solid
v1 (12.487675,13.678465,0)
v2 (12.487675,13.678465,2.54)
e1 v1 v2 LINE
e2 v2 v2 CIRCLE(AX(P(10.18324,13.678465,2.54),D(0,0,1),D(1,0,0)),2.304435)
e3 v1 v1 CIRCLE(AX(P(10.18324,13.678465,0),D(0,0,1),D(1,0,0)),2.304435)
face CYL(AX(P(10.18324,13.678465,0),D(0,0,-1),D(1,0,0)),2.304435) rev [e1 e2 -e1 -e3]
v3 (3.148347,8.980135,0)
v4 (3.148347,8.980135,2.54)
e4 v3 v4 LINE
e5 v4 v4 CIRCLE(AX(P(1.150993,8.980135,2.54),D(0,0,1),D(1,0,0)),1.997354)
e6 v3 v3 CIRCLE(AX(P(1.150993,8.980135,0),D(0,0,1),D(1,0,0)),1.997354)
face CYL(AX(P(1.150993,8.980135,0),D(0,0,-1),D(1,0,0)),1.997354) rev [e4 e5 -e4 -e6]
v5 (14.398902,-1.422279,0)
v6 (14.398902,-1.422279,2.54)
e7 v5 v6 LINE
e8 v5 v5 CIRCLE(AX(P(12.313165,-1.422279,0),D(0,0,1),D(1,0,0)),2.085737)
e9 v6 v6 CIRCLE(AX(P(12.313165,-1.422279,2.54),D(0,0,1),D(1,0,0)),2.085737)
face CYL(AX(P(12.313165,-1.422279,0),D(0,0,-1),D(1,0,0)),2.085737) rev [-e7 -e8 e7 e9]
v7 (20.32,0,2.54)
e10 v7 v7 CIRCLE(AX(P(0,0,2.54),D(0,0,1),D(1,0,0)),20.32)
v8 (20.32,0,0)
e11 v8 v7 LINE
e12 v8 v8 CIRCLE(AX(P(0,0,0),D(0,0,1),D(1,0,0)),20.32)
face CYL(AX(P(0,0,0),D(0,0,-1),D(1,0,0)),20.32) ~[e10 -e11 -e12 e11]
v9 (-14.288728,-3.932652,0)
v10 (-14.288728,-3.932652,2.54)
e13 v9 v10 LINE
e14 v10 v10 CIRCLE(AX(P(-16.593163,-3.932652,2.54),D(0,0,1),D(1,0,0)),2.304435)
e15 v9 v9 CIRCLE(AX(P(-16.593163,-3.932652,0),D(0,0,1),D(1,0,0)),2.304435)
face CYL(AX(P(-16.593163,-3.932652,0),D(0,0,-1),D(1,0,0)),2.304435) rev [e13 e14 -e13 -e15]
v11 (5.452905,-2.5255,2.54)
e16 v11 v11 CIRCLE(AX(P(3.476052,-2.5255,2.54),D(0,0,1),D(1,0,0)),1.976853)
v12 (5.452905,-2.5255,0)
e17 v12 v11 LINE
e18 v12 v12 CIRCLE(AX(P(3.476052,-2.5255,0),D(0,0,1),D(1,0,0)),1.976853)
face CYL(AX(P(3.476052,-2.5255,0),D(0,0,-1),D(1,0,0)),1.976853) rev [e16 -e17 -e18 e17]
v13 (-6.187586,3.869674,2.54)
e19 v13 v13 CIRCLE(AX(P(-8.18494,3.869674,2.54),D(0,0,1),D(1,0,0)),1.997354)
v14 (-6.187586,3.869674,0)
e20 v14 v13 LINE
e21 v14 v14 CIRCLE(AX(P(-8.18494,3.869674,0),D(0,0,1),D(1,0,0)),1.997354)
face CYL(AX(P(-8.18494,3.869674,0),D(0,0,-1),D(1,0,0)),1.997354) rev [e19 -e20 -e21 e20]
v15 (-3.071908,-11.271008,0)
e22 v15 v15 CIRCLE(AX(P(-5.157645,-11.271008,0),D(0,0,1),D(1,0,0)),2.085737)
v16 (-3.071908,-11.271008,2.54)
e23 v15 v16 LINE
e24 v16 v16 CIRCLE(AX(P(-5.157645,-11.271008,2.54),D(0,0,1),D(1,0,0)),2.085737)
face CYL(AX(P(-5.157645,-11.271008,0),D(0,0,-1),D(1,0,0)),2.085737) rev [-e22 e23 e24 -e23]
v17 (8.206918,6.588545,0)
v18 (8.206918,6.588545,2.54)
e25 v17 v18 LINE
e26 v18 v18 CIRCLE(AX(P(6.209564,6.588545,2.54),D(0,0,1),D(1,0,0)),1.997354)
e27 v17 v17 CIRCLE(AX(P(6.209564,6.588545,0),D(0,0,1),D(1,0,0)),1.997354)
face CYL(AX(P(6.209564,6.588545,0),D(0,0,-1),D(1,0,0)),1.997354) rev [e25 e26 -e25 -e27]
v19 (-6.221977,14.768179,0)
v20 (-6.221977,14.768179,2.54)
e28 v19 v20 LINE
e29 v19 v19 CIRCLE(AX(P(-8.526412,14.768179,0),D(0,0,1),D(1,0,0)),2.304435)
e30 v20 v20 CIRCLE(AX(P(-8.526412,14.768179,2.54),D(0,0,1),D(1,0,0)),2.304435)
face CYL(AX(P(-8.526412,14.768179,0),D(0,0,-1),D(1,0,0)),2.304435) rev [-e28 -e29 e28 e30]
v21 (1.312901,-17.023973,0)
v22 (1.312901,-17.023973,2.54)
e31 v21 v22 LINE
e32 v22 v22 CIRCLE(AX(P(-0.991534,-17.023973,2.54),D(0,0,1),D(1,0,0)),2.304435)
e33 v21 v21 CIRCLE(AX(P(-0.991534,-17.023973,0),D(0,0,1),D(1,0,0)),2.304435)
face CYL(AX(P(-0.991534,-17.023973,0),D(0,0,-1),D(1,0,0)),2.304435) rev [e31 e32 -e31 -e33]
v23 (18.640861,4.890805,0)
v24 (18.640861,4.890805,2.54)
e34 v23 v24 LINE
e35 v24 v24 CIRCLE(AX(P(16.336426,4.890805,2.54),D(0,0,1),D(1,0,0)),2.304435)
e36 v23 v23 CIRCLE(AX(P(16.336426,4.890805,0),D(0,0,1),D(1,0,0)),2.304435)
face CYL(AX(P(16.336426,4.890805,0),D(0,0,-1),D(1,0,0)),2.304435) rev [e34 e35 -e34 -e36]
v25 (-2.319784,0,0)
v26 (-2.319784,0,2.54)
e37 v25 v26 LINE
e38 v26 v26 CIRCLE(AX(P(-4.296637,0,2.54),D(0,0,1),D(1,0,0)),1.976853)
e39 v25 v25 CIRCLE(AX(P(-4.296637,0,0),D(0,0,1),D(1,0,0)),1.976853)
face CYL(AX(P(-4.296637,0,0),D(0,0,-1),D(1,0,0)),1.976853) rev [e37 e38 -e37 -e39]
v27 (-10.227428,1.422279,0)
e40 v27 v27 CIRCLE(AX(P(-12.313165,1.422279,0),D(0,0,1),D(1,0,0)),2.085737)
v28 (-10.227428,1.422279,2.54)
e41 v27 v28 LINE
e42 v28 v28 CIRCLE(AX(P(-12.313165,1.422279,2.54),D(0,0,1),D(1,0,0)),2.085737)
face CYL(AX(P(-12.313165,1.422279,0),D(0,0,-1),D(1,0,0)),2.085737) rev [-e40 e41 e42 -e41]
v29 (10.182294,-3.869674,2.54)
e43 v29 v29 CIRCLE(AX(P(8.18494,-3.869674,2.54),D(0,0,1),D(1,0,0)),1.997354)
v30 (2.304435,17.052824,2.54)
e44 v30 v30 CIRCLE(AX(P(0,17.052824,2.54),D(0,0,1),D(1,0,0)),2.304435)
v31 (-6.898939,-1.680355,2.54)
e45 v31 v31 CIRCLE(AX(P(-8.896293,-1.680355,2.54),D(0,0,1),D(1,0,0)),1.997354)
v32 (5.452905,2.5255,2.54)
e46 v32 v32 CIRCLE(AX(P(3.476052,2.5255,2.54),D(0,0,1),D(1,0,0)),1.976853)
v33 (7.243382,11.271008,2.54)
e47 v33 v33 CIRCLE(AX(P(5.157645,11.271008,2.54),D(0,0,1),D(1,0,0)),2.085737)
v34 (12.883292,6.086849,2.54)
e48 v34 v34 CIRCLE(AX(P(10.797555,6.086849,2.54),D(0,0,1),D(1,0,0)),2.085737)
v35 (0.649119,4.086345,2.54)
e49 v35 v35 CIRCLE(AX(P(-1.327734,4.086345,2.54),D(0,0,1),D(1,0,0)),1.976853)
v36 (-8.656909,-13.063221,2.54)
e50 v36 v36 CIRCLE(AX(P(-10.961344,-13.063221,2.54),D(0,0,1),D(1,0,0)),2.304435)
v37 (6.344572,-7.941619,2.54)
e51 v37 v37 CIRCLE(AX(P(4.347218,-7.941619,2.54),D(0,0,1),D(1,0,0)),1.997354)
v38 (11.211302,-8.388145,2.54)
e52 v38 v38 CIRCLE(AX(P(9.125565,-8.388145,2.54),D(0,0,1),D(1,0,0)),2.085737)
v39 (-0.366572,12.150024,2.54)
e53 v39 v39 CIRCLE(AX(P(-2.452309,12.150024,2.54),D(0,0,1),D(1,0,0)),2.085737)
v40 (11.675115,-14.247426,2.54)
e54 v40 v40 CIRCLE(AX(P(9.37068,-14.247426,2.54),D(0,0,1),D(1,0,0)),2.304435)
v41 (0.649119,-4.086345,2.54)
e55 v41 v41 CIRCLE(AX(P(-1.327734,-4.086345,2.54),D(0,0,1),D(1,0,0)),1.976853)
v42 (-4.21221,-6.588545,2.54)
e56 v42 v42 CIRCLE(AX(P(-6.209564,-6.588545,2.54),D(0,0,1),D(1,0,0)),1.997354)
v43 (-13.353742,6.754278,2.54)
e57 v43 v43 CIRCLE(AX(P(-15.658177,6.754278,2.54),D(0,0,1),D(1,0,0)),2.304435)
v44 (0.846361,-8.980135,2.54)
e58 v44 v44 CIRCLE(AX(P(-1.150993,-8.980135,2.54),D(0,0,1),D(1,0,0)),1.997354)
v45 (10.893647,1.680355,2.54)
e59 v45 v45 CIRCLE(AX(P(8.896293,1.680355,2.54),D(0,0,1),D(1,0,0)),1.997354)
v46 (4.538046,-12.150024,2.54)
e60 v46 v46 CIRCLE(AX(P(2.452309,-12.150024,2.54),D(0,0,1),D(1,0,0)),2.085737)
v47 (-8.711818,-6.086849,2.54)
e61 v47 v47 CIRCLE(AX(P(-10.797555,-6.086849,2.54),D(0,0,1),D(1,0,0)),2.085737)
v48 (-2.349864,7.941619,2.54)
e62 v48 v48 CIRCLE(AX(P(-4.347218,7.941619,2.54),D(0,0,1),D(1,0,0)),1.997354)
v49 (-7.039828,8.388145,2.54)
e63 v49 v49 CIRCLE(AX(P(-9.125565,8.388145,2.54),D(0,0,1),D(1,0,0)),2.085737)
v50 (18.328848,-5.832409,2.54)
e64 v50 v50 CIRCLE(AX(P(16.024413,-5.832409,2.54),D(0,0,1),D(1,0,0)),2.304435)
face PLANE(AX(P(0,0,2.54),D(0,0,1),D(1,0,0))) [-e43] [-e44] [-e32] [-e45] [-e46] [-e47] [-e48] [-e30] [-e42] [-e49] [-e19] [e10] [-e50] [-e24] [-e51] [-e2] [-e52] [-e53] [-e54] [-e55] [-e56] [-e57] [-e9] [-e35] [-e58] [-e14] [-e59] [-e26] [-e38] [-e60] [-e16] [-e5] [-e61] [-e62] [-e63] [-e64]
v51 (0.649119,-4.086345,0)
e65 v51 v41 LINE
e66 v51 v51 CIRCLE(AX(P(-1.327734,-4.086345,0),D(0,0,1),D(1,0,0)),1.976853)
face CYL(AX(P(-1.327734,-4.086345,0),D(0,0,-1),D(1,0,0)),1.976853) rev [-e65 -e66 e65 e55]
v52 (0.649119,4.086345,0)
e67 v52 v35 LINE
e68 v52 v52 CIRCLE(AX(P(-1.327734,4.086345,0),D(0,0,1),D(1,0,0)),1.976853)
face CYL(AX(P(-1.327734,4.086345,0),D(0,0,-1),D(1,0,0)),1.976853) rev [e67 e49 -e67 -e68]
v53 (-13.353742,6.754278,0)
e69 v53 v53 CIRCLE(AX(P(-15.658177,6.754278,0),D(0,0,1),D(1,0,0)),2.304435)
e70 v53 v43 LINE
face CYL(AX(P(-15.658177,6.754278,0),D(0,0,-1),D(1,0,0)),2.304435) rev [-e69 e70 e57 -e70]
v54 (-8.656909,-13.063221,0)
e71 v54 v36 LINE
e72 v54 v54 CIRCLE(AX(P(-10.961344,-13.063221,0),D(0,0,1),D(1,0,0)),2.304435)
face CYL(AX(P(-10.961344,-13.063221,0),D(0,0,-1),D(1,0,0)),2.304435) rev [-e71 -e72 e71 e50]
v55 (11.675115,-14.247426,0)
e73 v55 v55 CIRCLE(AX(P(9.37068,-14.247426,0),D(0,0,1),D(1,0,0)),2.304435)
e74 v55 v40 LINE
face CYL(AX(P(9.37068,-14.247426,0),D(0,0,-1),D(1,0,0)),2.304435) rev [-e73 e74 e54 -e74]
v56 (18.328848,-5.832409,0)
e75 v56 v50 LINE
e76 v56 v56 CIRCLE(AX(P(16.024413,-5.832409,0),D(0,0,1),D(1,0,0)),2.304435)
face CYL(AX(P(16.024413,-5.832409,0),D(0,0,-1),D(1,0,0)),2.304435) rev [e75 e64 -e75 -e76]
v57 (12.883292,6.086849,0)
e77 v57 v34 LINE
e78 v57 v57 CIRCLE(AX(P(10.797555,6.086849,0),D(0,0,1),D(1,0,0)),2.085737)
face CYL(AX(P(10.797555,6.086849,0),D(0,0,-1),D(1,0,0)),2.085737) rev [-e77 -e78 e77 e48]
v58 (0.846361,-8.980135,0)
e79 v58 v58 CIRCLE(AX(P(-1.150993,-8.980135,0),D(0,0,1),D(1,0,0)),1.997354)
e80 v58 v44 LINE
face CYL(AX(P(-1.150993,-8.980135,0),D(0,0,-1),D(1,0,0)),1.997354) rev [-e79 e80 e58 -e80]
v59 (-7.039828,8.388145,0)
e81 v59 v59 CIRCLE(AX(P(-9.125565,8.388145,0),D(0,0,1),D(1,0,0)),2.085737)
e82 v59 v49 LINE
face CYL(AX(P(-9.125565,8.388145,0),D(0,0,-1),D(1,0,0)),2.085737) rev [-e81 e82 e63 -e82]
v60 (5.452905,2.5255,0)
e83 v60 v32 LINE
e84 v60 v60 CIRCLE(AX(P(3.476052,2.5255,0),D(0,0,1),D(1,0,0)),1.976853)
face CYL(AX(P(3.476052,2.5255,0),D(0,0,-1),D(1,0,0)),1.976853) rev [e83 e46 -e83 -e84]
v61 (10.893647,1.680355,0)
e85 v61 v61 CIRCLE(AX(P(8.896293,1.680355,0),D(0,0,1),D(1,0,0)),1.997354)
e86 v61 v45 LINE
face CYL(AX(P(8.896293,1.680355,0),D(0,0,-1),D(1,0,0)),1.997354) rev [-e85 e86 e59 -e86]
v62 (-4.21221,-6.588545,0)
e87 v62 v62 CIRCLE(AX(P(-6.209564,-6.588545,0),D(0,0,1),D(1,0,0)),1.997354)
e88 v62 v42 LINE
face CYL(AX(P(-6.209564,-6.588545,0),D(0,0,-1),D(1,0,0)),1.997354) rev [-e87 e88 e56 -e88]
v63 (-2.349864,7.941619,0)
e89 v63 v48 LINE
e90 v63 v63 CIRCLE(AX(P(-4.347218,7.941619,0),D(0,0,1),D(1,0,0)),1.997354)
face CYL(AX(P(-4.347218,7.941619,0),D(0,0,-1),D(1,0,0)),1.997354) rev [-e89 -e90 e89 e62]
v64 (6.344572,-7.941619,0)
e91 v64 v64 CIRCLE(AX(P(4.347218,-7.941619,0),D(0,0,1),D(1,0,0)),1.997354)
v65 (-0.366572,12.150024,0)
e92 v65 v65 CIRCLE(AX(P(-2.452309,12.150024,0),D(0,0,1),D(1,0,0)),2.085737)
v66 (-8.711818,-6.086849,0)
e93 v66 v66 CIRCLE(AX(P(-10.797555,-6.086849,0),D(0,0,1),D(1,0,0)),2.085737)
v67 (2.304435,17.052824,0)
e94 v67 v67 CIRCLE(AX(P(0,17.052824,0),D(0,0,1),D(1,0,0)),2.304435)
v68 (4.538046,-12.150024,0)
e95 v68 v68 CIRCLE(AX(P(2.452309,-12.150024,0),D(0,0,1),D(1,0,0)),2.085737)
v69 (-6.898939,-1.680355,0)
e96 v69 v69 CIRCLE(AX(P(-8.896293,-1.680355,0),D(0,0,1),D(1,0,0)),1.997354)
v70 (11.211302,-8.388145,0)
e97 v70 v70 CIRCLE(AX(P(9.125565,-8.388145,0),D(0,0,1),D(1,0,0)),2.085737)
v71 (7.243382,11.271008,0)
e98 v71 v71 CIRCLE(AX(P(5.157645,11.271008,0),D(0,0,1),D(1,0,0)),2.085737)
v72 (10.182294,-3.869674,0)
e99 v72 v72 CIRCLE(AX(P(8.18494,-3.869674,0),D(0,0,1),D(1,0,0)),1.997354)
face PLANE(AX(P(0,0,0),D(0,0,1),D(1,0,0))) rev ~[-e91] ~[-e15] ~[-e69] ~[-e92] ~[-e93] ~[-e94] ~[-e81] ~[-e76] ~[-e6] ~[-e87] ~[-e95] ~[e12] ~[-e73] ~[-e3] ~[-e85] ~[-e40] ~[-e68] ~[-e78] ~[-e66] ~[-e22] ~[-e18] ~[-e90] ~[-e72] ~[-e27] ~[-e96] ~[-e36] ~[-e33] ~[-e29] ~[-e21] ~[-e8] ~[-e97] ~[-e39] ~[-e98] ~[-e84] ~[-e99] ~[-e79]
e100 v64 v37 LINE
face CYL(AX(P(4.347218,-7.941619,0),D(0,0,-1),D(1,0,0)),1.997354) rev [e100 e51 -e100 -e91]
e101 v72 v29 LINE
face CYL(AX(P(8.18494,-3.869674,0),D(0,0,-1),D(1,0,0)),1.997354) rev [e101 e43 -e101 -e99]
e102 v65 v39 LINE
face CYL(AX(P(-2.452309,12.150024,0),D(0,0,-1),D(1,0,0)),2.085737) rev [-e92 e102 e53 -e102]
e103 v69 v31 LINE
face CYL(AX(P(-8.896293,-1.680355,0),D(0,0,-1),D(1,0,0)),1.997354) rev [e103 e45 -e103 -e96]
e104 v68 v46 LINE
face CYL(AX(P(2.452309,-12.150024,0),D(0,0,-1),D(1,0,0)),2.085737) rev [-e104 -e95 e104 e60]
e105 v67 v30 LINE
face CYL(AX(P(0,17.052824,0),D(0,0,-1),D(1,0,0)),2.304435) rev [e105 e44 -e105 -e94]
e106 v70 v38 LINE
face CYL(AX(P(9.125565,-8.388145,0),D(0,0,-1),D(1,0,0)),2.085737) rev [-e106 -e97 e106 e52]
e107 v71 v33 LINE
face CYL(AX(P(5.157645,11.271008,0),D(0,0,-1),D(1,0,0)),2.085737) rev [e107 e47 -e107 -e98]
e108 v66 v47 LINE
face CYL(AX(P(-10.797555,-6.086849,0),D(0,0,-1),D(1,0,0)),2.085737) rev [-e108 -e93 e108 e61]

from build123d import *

# Parameters (mm, degrees)
F0_R     = 20.32
F0_R_2   = 2.304435
F0_R_3   = 2.085737
F0_R_4   = 1.997354
F0_R_5   = 1.976853
F1_DEPTH = 2.54


with BuildPart() as f1:
    # F0 (on Top) → F1 (new body)
    with BuildSketch(Plane.XY):
        Circle(F0_R)
        with Locations((-10.961344, -13.063221)):
            Circle(F0_R_2, mode=Mode.SUBTRACT)
        with Locations((-0.991534, -17.023973)):
            Circle(F0_R_2, mode=Mode.SUBTRACT)
        with Locations((-5.157645, -11.271008)):
            Circle(F0_R_3, mode=Mode.SUBTRACT)
        with Locations((-10.797555, -6.086849)):
            Circle(F0_R_3, mode=Mode.SUBTRACT)
        with Locations((-16.593163, -3.932652)):
            Circle(F0_R_2, mode=Mode.SUBTRACT)
        with Locations((-6.209564, -6.588545)):
            Circle(F0_R_4, mode=Mode.SUBTRACT)
        with Locations((-1.150993, -8.980135)):
            Circle(F0_R_4, mode=Mode.SUBTRACT)
        with Locations((-8.896293, -1.680355)):
            Circle(F0_R_4, mode=Mode.SUBTRACT)
        with Locations((-1.327734, -4.086345)):
            Circle(F0_R_5, mode=Mode.SUBTRACT)
        with Locations((-4.296637, 0)):
            Circle(F0_R_5, mode=Mode.SUBTRACT)
        with Locations((2.452309, -12.150024)):
            Circle(F0_R_3, mode=Mode.SUBTRACT)
        with Locations((9.37068, -14.247426)):
            Circle(F0_R_2, mode=Mode.SUBTRACT)
        with Locations((4.347218, -7.941619)):
            Circle(F0_R_4, mode=Mode.SUBTRACT)
        with Locations((9.125565, -8.388145)):
            Circle(F0_R_3, mode=Mode.SUBTRACT)
        with Locations((3.476052, -2.5255)):
            Circle(F0_R_5, mode=Mode.SUBTRACT)
        with Locations((8.18494, -3.869674)):
            Circle(F0_R_4, mode=Mode.SUBTRACT)
        with Locations((16.024413, -5.832409)):
            Circle(F0_R_2, mode=Mode.SUBTRACT)
        with Locations((12.313165, -1.422279)):
            Circle(F0_R_3, mode=Mode.SUBTRACT)
        with Locations((-12.313165, 1.422279)):
            Circle(F0_R_3, mode=Mode.SUBTRACT)
        with Locations((-15.658177, 6.754278)):
            Circle(F0_R_2, mode=Mode.SUBTRACT)
        with Locations((-8.18494, 3.869674)):
            Circle(F0_R_4, mode=Mode.SUBTRACT)
        with Locations((-1.327734, 4.086345)):
            Circle(F0_R_5, mode=Mode.SUBTRACT)
        with Locations((-9.125565, 8.388145)):
            Circle(F0_R_3, mode=Mode.SUBTRACT)
        with Locations((-4.347218, 7.941619)):
            Circle(F0_R_4, mode=Mode.SUBTRACT)
        with Locations((-8.526412, 14.768179)):
            Circle(F0_R_2, mode=Mode.SUBTRACT)
        with Locations((-2.452309, 12.150024)):
            Circle(F0_R_3, mode=Mode.SUBTRACT)
        with Locations((0, 17.052824)):
            Circle(F0_R_2, mode=Mode.SUBTRACT)
        with Locations((3.476052, 2.5255)):
            Circle(F0_R_5, mode=Mode.SUBTRACT)
        with Locations((8.896293, 1.680355)):
            Circle(F0_R_4, mode=Mode.SUBTRACT)
        with Locations((1.150993, 8.980135)):
            Circle(F0_R_4, mode=Mode.SUBTRACT)
        with Locations((6.209564, 6.588545)):
            Circle(F0_R_4, mode=Mode.SUBTRACT)
        with Locations((16.336426, 4.890805)):
            Circle(F0_R_2, mode=Mode.SUBTRACT)
        with Locations((10.797555, 6.086849)):
            Circle(F0_R_3, mode=Mode.SUBTRACT)
        with Locations((5.157645, 11.271008)):
            Circle(F0_R_3, mode=Mode.SUBTRACT)
        with Locations((10.18324, 13.678465)):
            Circle(F0_R_2, mode=Mode.SUBTRACT)
    extrude(amount=F1_DEPTH)


solid = f1.part
